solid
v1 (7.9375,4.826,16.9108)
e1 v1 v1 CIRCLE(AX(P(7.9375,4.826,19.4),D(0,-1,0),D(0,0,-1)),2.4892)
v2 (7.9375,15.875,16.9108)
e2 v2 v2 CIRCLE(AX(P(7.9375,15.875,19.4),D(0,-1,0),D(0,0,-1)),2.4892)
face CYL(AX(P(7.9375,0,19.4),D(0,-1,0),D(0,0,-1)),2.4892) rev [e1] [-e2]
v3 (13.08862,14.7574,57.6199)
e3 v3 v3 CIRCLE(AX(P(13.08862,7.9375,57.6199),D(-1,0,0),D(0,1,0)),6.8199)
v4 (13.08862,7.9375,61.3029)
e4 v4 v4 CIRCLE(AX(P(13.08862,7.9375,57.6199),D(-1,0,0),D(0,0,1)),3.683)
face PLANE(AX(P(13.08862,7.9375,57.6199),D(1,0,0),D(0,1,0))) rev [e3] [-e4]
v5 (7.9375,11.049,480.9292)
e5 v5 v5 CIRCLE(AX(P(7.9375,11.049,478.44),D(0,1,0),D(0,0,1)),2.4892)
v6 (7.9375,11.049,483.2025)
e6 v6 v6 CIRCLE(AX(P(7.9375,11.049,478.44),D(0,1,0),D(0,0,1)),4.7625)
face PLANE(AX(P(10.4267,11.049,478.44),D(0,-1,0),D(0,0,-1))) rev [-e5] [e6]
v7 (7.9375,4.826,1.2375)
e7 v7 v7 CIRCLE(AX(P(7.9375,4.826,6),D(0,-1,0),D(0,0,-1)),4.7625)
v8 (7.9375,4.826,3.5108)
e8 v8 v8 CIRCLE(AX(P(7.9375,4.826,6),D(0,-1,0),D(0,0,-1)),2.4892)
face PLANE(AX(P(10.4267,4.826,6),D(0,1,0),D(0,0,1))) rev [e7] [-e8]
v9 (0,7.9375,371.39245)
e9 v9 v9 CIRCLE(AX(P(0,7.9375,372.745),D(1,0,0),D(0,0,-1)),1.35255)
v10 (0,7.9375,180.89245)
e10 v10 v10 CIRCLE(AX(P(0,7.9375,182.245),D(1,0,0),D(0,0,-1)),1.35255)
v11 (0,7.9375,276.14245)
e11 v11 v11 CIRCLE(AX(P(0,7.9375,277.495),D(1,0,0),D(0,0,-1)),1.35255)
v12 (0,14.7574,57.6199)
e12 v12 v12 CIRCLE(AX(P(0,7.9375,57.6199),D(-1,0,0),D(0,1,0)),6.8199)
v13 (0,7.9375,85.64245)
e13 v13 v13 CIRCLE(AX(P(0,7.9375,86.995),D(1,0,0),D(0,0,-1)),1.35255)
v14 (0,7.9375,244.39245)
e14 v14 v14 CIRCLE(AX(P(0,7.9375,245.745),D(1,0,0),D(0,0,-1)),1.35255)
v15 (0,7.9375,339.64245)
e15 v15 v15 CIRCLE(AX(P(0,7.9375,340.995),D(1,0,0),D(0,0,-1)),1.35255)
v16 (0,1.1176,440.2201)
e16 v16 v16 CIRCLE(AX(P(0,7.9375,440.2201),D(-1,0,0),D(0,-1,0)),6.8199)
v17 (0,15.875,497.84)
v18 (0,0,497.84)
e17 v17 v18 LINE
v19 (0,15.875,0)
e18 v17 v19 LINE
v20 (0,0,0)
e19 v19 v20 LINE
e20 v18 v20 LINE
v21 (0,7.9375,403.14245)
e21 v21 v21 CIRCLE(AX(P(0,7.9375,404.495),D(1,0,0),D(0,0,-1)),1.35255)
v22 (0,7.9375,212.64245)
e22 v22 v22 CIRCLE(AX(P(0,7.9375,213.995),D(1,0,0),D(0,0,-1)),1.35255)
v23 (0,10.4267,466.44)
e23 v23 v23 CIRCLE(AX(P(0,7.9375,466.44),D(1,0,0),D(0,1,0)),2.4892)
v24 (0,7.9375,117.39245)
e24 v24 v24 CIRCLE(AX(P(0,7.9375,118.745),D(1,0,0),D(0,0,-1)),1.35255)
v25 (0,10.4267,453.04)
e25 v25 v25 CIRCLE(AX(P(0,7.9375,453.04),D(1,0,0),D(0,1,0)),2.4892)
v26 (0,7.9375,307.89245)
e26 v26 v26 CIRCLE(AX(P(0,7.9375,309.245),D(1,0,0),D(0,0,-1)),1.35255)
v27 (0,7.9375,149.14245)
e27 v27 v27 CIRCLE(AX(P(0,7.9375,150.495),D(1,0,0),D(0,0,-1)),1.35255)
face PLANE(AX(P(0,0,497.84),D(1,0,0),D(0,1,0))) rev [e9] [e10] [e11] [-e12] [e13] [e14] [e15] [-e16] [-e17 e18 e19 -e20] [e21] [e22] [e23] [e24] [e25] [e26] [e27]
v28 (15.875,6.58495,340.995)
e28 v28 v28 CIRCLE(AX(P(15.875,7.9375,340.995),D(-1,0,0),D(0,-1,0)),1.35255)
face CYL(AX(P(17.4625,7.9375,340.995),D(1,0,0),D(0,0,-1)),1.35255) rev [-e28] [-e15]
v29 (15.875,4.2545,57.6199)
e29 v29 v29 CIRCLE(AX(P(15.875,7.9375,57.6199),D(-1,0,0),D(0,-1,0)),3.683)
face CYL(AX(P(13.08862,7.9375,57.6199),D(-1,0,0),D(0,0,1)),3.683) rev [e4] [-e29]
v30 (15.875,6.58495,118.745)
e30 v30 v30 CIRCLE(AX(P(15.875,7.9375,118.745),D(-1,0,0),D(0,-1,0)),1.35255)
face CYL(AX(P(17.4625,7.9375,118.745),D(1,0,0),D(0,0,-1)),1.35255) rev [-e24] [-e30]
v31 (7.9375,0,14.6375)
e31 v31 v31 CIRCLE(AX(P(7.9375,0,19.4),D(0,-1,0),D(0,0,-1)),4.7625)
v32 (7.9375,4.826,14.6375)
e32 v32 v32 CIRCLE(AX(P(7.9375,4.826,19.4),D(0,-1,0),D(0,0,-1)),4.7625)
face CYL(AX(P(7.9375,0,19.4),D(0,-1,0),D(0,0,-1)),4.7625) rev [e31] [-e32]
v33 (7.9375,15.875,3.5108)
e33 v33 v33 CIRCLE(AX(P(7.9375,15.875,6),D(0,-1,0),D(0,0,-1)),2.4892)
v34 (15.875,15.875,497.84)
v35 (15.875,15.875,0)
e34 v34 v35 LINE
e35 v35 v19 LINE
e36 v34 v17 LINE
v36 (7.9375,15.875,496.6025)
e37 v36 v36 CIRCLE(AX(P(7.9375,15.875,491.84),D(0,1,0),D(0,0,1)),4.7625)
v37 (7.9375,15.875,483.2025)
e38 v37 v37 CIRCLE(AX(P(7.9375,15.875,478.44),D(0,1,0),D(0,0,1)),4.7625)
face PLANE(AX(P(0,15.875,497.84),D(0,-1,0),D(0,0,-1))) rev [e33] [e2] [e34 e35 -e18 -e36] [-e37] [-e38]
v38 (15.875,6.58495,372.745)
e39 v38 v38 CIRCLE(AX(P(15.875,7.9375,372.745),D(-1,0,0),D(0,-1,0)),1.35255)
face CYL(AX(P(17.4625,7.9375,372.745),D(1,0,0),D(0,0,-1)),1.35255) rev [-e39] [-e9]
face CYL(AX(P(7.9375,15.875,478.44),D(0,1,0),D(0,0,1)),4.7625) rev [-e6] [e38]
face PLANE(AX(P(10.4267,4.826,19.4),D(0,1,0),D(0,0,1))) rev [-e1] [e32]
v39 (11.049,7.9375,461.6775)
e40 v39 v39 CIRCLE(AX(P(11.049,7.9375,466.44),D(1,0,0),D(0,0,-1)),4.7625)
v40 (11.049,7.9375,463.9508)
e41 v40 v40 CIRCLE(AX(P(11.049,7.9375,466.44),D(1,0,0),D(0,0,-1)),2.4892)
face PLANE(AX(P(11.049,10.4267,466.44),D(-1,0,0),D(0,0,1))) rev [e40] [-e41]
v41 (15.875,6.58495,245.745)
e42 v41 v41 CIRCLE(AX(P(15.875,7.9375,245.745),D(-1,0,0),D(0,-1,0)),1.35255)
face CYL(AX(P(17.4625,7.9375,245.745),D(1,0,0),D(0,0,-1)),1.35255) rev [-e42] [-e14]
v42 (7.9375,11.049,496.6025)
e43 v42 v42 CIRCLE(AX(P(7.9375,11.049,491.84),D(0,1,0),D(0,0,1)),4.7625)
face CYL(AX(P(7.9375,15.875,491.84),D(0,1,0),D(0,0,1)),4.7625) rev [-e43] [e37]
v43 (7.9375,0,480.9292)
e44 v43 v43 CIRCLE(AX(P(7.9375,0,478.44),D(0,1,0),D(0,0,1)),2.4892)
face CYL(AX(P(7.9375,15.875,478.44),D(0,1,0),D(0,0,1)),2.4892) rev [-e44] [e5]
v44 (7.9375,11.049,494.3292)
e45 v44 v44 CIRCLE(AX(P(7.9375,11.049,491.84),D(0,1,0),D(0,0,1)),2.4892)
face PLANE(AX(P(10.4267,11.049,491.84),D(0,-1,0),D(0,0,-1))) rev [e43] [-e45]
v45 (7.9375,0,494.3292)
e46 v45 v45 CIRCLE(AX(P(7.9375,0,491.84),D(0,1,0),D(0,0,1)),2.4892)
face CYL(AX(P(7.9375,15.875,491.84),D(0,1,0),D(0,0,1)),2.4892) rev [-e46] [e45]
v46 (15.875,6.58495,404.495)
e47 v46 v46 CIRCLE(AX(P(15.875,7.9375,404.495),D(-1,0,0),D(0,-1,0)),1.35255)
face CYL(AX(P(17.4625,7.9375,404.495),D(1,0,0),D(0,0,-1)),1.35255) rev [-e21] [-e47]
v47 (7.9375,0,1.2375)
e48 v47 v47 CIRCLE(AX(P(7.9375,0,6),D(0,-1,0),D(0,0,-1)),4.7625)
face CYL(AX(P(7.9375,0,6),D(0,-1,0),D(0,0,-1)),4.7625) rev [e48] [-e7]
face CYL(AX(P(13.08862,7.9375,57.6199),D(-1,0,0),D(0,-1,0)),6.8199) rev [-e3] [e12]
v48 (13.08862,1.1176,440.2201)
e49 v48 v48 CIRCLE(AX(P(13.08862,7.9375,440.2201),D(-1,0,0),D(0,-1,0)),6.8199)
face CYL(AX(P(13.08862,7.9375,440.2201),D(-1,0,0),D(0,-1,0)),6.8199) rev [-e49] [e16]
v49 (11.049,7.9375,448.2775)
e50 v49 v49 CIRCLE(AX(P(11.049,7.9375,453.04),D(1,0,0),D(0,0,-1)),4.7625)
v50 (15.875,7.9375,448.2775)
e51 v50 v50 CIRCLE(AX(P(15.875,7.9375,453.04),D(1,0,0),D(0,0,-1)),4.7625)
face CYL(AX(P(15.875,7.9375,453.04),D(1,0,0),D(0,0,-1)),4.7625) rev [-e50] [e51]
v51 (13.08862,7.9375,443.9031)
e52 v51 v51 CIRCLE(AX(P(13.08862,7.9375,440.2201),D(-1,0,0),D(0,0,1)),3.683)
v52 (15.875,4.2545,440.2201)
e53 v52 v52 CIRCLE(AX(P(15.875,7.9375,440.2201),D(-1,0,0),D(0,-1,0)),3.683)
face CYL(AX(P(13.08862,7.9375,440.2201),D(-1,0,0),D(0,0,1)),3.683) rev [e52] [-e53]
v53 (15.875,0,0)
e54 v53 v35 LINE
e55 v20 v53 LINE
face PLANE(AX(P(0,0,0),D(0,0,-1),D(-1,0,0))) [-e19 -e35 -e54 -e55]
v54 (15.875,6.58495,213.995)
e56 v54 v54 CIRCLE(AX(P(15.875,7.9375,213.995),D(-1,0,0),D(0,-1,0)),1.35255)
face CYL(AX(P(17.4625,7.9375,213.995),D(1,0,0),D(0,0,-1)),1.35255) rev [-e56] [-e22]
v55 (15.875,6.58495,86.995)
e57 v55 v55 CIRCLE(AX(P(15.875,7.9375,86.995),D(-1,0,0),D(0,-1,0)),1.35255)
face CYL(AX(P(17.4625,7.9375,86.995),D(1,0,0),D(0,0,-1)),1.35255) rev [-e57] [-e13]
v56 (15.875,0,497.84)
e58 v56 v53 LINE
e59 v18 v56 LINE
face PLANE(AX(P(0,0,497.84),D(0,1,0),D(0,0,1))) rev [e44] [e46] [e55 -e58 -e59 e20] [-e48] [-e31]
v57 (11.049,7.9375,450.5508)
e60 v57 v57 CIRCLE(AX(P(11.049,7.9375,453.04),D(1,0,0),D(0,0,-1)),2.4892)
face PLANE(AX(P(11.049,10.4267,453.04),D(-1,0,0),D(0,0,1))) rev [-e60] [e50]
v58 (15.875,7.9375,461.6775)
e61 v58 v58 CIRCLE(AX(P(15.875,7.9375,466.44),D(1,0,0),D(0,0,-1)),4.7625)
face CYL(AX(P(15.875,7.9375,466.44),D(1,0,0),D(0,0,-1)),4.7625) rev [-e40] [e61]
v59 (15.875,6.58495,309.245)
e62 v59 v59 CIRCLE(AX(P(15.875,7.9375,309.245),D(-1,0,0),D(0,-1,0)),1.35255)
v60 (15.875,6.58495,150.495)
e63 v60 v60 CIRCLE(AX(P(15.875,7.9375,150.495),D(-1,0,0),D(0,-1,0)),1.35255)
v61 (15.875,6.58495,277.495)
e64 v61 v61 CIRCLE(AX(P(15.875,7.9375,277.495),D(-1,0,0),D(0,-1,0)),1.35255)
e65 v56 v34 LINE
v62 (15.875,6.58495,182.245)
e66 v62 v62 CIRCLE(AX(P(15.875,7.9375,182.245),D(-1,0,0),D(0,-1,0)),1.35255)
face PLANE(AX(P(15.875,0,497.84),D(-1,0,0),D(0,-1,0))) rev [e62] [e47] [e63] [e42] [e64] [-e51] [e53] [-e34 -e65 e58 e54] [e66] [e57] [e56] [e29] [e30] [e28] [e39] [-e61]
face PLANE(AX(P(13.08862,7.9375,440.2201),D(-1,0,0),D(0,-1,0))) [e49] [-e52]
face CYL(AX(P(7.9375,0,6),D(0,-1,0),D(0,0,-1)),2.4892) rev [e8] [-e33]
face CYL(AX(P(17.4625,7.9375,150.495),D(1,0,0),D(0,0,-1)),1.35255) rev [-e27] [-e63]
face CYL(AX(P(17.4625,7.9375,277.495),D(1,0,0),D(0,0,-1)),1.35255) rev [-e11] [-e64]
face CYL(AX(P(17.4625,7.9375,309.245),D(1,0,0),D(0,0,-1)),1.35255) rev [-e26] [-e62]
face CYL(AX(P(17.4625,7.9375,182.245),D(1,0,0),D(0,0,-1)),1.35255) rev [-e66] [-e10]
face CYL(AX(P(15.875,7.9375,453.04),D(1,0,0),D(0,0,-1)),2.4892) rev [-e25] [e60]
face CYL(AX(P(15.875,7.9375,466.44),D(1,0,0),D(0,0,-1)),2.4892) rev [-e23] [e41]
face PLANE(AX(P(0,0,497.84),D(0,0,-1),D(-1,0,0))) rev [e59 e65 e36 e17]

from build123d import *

# Parameters (mm, degrees)
SKETCH1_W                                       = 15.875
SKETCH1_H                                       = 15.875
BOSS_EXTRUDE1_DEPTH                             = 497.84
SKETCH8_R                                       = 6.8199
CUT_EXTRUDE1_DEPTH                              = 13.08862
L_0_29_DIAMETER_HOLE1_D                         = 7.366
L_0_29_DIAMETER_HOLE1_DEPTH                     = 50.8
L_0_29_DIAMETER_HOLE1_TIP                       = 2.21296966
TAP_DRILL_FOR_6_32_TAP1_D                       = 2.7051
CBORE_FOR_10_SOCKET_HEAD_CAP_SCREW3_D           = 4.9784
CBORE_FOR_10_SOCKET_HEAD_CAP_SCREW3_DEPTH       = 25.4
CBORE_FOR_10_SOCKET_HEAD_CAP_SCREW3_CBORE_D     = 9.525
CBORE_FOR_10_SOCKET_HEAD_CAP_SCREW3_CBORE_DEPTH = 4.826
CBORE_FOR_10_SOCKET_HEAD_CAP_SCREW3_TIP         = 1.495662253
CBORE_FOR_10_SOCKET_HEAD_CAP_SCREW2_D           = 4.9784
CBORE_FOR_10_SOCKET_HEAD_CAP_SCREW2_DEPTH       = 25.4
CBORE_FOR_10_SOCKET_HEAD_CAP_SCREW2_CBORE_D     = 9.525
CBORE_FOR_10_SOCKET_HEAD_CAP_SCREW2_CBORE_DEPTH = 4.826
CBORE_FOR_10_SOCKET_HEAD_CAP_SCREW2_TIP         = 1.495662253
CBORE_FOR_10_SOCKET_HEAD_CAP_SCREW1_D           = 4.9784
CBORE_FOR_10_SOCKET_HEAD_CAP_SCREW1_DEPTH       = 25.4
CBORE_FOR_10_SOCKET_HEAD_CAP_SCREW1_CBORE_D     = 9.525
CBORE_FOR_10_SOCKET_HEAD_CAP_SCREW1_CBORE_DEPTH = 4.826
CBORE_FOR_10_SOCKET_HEAD_CAP_SCREW1_TIP         = 1.495662253


with BuildPart() as part:
    # Sketch1 → Boss-Extrude1 (new body)
    with BuildSketch(Plane.XY):
        with Locations((7.9375, 7.9375)):
            Rectangle(SKETCH1_W, SKETCH1_H)
    extrude(amount=BOSS_EXTRUDE1_DEPTH)

    # Sketch8 → Cut-Extrude1 (cut)
    with BuildSketch(Plane.ZY):
        with Locations((440.2201, 7.9375)):
            Circle(SKETCH8_R)
        with Locations((57.6199, 7.9375)):
            Circle(SKETCH8_R)
    extrude(amount=-CUT_EXTRUDE1_DEPTH, mode=Mode.SUBTRACT)

    # L (0.29) Diameter Hole1
    with Locations(Plane.ZY.offset(-13.08862)):
        with Locations((57.6199, 7.9375), (440.2201, 7.9375)):
            Hole(L_0_29_DIAMETER_HOLE1_D / 2, depth=L_0_29_DIAMETER_HOLE1_DEPTH)
            with Locations((0, 0, -(L_0_29_DIAMETER_HOLE1_DEPTH + L_0_29_DIAMETER_HOLE1_TIP / 2))):  # 118° drill point
                Cone(0, L_0_29_DIAMETER_HOLE1_D / 2, L_0_29_DIAMETER_HOLE1_TIP, mode=Mode.SUBTRACT)

    # Tap Drill for #6-32 Tap1 (through all)
    with Locations(Plane(origin=(17.4625, -1824.369207037, -1707.973131805), x_dir=(0, 0, -1), z_dir=(1, 0, 0))):
        with Locations((-2112.468131805, 1832.306707037), (-2080.718131805, 1832.306707037), (-2048.968131805, 1832.306707037), (-2017.218131805, 1832.306707037), (-1985.468131805, 1832.306707037), (-1953.718131805, 1832.306707037), (-1921.968131805, 1832.306707037), (-1890.218131805, 1832.306707037), (-1858.468131805, 1832.306707037), (-1826.718131805, 1832.306707037), (-1794.968131805, 1832.306707037)):
            Hole(TAP_DRILL_FOR_6_32_TAP1_D / 2)

    # CBORE for #10 Socket Head Cap Screw3
    with Locations(Plane(origin=(-863.724136144, 15.875, -1707.973131805), x_dir=(1, 0, 0), z_dir=(0, 1, 0))):
        with Locations((871.661636144, -2186.413131805), (871.661636144, -2199.813131805), (404.936636144, -2186.413131805), (404.936636144, -2199.813131805)):
            CounterBoreHole(CBORE_FOR_10_SOCKET_HEAD_CAP_SCREW3_D / 2, CBORE_FOR_10_SOCKET_HEAD_CAP_SCREW3_CBORE_D / 2, CBORE_FOR_10_SOCKET_HEAD_CAP_SCREW3_CBORE_DEPTH, depth=CBORE_FOR_10_SOCKET_HEAD_CAP_SCREW3_DEPTH)
            with Locations((0, 0, -(CBORE_FOR_10_SOCKET_HEAD_CAP_SCREW3_DEPTH + CBORE_FOR_10_SOCKET_HEAD_CAP_SCREW3_TIP / 2))):  # 118° drill point
                Cone(0, CBORE_FOR_10_SOCKET_HEAD_CAP_SCREW3_D / 2, CBORE_FOR_10_SOCKET_HEAD_CAP_SCREW3_TIP, mode=Mode.SUBTRACT)

    # CBORE for #10 Socket Head Cap Screw2
    with Locations(Plane(origin=(-863.724136144, 0, -1707.973131805), x_dir=(-1, 0, 0), z_dir=(0, -1, 0))):
        with Locations((-404.936636144, -1727.373131805), (-404.936636144, -1713.973131805), (-871.661636144, -1727.373131805), (-871.661636144, -1713.973131805)):
            CounterBoreHole(CBORE_FOR_10_SOCKET_HEAD_CAP_SCREW2_D / 2, CBORE_FOR_10_SOCKET_HEAD_CAP_SCREW2_CBORE_D / 2, CBORE_FOR_10_SOCKET_HEAD_CAP_SCREW2_CBORE_DEPTH, depth=CBORE_FOR_10_SOCKET_HEAD_CAP_SCREW2_DEPTH)
            with Locations((0, 0, -(CBORE_FOR_10_SOCKET_HEAD_CAP_SCREW2_DEPTH + CBORE_FOR_10_SOCKET_HEAD_CAP_SCREW2_TIP / 2))):  # 118° drill point
                Cone(0, CBORE_FOR_10_SOCKET_HEAD_CAP_SCREW2_D / 2, CBORE_FOR_10_SOCKET_HEAD_CAP_SCREW2_TIP, mode=Mode.SUBTRACT)

    # CBORE for #10 Socket Head Cap Screw1
    with Locations(Plane(origin=(15.875, -1686.17948625, -1707.973131805), x_dir=(0, 0, -1), z_dir=(1, 0, 0))):
        with Locations((-2161.013131805, 1694.11698625), (-2174.413131805, 1694.11698625)):
            CounterBoreHole(CBORE_FOR_10_SOCKET_HEAD_CAP_SCREW1_D / 2, CBORE_FOR_10_SOCKET_HEAD_CAP_SCREW1_CBORE_D / 2, CBORE_FOR_10_SOCKET_HEAD_CAP_SCREW1_CBORE_DEPTH, depth=CBORE_FOR_10_SOCKET_HEAD_CAP_SCREW1_DEPTH)
            with Locations((0, 0, -(CBORE_FOR_10_SOCKET_HEAD_CAP_SCREW1_DEPTH + CBORE_FOR_10_SOCKET_HEAD_CAP_SCREW1_TIP / 2))):  # 118° drill point
                Cone(0, CBORE_FOR_10_SOCKET_HEAD_CAP_SCREW1_D / 2, CBORE_FOR_10_SOCKET_HEAD_CAP_SCREW1_TIP, mode=Mode.SUBTRACT)


solid = part.part
